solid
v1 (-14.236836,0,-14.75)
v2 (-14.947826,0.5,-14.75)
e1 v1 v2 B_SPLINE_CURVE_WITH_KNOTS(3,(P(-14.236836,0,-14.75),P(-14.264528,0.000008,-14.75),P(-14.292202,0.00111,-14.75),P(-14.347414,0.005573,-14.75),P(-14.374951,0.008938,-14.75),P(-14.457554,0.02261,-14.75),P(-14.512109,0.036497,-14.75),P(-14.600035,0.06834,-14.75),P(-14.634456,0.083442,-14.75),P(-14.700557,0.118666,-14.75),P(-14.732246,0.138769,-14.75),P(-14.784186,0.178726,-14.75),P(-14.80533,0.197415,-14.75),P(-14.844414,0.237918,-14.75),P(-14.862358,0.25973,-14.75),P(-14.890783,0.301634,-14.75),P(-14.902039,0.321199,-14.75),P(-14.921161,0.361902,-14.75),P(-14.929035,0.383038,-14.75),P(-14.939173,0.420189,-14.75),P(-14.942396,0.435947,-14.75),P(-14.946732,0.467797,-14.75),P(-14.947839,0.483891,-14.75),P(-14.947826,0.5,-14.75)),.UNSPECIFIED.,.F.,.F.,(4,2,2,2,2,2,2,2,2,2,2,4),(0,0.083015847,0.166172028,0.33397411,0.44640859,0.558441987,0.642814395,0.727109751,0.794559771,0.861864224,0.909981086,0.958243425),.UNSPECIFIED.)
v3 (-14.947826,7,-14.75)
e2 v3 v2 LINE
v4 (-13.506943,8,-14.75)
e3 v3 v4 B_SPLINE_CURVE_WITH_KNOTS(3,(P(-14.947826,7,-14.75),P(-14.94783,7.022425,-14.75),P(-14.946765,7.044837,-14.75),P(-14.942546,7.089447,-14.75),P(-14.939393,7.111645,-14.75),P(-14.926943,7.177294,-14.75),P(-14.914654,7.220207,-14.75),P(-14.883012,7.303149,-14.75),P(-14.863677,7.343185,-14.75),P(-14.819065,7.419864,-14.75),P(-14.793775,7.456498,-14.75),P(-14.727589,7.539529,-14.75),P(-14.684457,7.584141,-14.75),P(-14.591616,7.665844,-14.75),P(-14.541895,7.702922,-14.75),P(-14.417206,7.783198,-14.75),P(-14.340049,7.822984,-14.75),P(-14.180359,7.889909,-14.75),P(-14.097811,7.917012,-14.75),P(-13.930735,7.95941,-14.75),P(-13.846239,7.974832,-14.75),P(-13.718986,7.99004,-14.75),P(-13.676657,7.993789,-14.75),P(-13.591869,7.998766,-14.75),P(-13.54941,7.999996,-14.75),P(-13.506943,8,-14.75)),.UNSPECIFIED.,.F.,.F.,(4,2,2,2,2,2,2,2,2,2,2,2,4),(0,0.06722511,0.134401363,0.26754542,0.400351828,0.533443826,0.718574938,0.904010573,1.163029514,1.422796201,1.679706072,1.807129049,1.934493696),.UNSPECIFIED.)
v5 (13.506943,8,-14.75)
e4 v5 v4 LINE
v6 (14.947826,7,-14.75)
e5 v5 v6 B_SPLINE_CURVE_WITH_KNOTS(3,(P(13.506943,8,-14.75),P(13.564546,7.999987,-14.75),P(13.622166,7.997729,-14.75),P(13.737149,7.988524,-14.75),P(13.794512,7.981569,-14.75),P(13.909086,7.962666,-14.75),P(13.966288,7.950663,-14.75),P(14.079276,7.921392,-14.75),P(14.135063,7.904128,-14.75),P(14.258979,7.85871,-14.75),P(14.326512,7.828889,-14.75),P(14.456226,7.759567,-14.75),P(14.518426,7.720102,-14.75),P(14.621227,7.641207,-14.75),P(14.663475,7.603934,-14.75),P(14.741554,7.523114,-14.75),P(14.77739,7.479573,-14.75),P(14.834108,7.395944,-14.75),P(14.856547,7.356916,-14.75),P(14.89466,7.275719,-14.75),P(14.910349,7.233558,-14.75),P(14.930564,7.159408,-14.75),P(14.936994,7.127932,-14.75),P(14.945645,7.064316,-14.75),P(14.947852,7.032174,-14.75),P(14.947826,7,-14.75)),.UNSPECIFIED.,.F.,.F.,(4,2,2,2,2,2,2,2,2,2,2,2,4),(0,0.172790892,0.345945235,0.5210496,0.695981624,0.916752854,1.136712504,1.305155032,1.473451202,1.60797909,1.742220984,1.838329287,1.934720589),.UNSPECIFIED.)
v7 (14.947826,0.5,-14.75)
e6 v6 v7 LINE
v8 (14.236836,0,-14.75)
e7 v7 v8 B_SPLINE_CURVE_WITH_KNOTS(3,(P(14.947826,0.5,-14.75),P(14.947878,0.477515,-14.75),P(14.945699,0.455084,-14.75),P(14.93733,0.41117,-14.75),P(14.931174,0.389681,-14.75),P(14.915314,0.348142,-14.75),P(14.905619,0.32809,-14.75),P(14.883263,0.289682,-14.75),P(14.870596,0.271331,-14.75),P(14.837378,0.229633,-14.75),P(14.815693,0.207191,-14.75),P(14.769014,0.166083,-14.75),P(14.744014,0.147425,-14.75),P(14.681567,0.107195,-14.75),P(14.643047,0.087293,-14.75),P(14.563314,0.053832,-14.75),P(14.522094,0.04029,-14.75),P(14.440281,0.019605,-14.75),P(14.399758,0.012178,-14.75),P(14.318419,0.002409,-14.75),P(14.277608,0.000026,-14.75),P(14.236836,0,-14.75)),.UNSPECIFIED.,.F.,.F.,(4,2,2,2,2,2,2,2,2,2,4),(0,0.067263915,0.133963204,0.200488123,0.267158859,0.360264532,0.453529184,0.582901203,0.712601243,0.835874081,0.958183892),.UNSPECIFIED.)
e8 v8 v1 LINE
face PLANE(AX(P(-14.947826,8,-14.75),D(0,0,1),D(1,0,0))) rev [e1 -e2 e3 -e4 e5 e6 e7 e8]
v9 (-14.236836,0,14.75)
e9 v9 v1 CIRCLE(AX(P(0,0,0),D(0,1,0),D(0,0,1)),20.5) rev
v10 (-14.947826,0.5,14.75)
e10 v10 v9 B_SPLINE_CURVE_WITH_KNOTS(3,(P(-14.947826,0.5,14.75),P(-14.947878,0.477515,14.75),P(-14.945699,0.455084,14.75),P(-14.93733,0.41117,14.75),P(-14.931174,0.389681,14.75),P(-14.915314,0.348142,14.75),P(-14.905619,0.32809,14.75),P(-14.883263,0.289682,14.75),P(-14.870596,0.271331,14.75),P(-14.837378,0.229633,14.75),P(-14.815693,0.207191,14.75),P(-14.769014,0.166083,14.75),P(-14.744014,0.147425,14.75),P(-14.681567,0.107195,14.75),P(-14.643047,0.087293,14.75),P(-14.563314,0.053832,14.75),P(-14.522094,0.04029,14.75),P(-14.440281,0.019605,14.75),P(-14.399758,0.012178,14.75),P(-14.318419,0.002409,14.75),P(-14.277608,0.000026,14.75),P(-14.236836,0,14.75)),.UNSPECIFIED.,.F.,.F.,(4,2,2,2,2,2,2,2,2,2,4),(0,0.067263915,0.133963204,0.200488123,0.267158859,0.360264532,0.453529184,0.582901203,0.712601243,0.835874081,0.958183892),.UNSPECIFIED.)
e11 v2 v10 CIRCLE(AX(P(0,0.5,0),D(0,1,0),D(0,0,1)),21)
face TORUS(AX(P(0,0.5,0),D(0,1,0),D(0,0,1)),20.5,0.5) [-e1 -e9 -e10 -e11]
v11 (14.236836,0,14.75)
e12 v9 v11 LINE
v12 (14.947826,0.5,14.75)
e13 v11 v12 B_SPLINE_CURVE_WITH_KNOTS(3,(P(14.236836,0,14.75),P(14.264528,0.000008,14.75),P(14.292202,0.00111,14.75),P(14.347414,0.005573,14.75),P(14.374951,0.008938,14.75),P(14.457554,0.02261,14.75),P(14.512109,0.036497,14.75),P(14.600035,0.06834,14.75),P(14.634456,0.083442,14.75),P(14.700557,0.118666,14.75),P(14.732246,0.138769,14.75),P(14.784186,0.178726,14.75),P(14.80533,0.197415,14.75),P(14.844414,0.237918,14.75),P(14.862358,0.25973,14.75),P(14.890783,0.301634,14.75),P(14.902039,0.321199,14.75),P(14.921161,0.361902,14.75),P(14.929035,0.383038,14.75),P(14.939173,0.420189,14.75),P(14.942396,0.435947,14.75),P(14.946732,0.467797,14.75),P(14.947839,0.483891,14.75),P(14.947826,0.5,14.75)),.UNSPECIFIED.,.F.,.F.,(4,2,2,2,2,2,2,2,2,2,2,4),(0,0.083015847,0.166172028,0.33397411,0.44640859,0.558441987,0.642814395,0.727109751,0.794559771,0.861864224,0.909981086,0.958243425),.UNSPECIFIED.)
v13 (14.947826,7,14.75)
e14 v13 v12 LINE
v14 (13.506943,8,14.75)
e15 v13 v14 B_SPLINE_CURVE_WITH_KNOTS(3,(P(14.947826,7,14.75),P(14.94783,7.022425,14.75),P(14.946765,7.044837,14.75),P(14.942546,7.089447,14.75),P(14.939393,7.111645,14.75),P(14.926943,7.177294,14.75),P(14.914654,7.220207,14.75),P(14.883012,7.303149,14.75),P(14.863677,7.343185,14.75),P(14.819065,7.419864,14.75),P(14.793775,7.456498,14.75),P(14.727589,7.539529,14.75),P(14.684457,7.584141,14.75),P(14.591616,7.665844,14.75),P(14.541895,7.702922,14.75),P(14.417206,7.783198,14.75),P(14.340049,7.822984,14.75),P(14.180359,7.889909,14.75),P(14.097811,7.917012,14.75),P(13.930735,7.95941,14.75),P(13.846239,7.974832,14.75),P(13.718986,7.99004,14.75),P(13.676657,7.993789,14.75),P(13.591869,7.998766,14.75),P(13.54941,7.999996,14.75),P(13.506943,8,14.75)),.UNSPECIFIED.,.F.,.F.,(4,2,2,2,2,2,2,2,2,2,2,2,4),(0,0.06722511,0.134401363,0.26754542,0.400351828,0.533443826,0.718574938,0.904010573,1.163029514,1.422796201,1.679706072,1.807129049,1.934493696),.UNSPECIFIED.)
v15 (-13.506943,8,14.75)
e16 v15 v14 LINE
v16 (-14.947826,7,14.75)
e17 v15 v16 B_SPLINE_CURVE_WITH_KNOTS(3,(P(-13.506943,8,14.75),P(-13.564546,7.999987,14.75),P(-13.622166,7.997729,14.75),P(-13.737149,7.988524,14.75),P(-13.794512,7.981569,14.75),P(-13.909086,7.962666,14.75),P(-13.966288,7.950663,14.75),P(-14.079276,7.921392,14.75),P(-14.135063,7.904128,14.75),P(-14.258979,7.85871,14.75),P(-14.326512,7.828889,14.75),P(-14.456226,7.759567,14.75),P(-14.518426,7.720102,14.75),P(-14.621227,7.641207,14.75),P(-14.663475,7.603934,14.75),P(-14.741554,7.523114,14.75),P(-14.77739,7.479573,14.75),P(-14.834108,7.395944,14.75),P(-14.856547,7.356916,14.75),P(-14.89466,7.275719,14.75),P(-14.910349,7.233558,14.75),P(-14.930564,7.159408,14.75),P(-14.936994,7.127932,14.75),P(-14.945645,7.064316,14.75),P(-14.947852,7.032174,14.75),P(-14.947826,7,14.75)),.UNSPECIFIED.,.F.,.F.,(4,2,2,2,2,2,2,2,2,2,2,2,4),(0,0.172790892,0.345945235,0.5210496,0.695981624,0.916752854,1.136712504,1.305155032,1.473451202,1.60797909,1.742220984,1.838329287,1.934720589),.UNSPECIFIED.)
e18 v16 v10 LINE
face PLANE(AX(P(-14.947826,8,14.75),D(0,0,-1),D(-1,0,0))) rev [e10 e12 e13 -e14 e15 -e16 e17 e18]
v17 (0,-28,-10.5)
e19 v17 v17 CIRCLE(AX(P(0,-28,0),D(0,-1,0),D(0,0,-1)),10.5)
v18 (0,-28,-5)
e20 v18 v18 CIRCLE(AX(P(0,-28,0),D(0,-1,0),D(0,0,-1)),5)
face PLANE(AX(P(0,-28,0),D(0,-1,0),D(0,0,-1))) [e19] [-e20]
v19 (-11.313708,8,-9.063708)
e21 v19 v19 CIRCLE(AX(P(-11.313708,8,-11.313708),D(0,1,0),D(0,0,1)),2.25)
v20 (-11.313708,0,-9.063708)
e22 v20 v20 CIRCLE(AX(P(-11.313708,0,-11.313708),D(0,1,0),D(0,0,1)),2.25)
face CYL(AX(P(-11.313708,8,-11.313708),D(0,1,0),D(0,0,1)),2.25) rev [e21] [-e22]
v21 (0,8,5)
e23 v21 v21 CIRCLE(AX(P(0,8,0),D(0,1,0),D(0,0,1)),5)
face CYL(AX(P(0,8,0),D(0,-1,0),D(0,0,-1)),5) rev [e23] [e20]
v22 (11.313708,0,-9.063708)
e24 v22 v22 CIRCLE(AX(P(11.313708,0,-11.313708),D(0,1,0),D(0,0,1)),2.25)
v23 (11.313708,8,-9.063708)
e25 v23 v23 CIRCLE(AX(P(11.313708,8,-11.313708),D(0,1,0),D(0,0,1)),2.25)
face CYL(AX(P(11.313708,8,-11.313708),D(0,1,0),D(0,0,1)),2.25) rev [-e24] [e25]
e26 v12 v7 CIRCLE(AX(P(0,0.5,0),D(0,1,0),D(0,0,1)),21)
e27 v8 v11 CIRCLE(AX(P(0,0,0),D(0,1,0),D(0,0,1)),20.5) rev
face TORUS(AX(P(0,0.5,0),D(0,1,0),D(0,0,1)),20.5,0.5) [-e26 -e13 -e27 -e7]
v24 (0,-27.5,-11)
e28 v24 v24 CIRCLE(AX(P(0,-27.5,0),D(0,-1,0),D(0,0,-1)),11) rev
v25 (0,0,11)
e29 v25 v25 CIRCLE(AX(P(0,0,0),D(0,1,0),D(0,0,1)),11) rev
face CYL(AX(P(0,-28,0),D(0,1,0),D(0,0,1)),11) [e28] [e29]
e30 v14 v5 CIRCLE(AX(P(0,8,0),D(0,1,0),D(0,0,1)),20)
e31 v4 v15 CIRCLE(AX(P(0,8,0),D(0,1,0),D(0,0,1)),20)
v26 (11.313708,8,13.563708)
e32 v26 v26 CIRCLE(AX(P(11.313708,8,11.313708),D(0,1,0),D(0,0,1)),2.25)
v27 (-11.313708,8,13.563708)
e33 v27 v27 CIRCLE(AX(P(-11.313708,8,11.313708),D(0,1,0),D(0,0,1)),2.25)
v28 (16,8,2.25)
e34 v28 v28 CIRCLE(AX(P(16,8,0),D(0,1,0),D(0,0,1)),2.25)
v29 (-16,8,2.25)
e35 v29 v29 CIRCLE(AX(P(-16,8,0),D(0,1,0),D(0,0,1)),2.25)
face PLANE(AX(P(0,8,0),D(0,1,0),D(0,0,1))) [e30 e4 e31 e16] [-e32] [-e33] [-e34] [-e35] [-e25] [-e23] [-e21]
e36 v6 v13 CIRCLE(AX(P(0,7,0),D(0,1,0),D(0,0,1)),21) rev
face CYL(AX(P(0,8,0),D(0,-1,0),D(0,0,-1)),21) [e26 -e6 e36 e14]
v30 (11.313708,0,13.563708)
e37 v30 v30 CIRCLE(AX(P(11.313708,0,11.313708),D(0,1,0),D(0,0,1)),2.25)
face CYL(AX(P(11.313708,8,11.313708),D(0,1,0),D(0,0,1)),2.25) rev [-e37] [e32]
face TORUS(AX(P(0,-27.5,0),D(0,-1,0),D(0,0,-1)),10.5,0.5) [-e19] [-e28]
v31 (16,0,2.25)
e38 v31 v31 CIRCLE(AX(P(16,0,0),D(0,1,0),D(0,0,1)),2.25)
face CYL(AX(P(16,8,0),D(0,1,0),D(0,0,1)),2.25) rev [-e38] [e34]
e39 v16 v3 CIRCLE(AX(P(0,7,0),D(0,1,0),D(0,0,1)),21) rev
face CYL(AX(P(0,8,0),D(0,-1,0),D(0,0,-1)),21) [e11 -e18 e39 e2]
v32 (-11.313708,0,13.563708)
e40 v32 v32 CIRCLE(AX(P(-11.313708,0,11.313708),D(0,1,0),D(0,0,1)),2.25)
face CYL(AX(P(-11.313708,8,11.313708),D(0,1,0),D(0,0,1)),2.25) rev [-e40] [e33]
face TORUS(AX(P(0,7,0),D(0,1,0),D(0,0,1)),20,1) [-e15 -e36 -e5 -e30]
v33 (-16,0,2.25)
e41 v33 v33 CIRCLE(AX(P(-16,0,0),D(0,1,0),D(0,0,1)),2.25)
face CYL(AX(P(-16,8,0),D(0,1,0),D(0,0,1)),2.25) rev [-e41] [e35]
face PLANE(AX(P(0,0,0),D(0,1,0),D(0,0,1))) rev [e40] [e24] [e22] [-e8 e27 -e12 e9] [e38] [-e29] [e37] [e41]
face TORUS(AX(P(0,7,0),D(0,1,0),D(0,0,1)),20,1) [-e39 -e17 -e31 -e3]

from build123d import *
from build123d.topology import SkipClean

# Parameters (mm, degrees)
SKETCH1_R            = 5
BOSS_EXTRUDE1_DEPTH  = 8
BOSS_EXTRUDE2_START  = 28
SKETCH2_R            = 11
SKETCH2_R_2          = 5
BOSS_EXTRUDE2_DEPTH  = 28
M4_CLEARANCE_HOLE1_D = 4.5
CIRPATTERN1_COUNT    = 8
FILLET1_R            = 1
FILLET2_R            = 0.5


with BuildPart() as part:
    # Sketch1 → Boss-Extrude1 (new body)
    with BuildSketch(Plane(origin=(0, 0, 0), x_dir=(1, 0, 0), z_dir=(0, 1, 0))):
        with BuildLine():
            Line((-14.947825929, 14.75), (14.947825929, 14.75))
            ThreePointArc((14.947825929, 14.75), (21, 0), (14.947825929, -14.75))
            Line((14.947825929, -14.75), (-14.947825929, -14.75))
            ThreePointArc((-14.947825929, -14.75), (-21, 0), (-14.947825929, 14.75))
        make_face()
        with Locations(Location((0, 0, 0), (0, 0, 270))):
            Circle(SKETCH1_R, mode=Mode.SUBTRACT)
    extrude(amount=BOSS_EXTRUDE1_DEPTH)

    # Sketch2 → Boss-Extrude2 (add)
    with SkipClean():  # the faces are left unmerged after this step: merging them gives an invalid solid
        with BuildSketch(Plane.XZ.offset(BOSS_EXTRUDE2_START)):
            with Locations(Location((0, 0, 0), (0, 0, 90))):
                Circle(SKETCH2_R)
            with Locations(Location((0, 0, 0), (0, 0, 270))):
                Circle(SKETCH2_R_2, mode=Mode.SUBTRACT)
        extrude(amount=-BOSS_EXTRUDE2_DEPTH)

    # M4 Clearance Hole1 (through all)
    with Locations(Plane(origin=(0, 8, 0), x_dir=(1, 0, 0), z_dir=(0, 1, 0))):
        with Locations((16, 0)):
            m4_clearance_hole1 = Hole(M4_CLEARANCE_HOLE1_D / 2)

    # CirPattern1: M4 Clearance Hole1 ×8 about axis, 2 skipped
    with SkipClean():  # the faces are left unmerged after this step: merging them gives an invalid solid
        cirpattern1_axis = Axis((0, 0, 0), (0, 1, 0))
        add([m4_clearance_hole1.rotate(cirpattern1_axis, i * 360 / CIRPATTERN1_COUNT) for i in range(1, CIRPATTERN1_COUNT) if i not in (2, 6)], mode=Mode.SUBTRACT)

    # Fillet1
    fillet1_edges = [part.edges().sort_by_distance(p)[0] for p in [
        (21, 8, 0),
        (-21, 8, 0),
    ]]
    fillet(fillet1_edges, radius=FILLET1_R)

    # Fillet2
    fillet2_edges = [part.edges().sort_by_distance(p)[0] for p in [
        (0, -28, -11),
        (21, 0, 0),
        (-21, 0, 0),
    ]]
    fillet(fillet2_edges, radius=FILLET2_R)


solid = part.part
